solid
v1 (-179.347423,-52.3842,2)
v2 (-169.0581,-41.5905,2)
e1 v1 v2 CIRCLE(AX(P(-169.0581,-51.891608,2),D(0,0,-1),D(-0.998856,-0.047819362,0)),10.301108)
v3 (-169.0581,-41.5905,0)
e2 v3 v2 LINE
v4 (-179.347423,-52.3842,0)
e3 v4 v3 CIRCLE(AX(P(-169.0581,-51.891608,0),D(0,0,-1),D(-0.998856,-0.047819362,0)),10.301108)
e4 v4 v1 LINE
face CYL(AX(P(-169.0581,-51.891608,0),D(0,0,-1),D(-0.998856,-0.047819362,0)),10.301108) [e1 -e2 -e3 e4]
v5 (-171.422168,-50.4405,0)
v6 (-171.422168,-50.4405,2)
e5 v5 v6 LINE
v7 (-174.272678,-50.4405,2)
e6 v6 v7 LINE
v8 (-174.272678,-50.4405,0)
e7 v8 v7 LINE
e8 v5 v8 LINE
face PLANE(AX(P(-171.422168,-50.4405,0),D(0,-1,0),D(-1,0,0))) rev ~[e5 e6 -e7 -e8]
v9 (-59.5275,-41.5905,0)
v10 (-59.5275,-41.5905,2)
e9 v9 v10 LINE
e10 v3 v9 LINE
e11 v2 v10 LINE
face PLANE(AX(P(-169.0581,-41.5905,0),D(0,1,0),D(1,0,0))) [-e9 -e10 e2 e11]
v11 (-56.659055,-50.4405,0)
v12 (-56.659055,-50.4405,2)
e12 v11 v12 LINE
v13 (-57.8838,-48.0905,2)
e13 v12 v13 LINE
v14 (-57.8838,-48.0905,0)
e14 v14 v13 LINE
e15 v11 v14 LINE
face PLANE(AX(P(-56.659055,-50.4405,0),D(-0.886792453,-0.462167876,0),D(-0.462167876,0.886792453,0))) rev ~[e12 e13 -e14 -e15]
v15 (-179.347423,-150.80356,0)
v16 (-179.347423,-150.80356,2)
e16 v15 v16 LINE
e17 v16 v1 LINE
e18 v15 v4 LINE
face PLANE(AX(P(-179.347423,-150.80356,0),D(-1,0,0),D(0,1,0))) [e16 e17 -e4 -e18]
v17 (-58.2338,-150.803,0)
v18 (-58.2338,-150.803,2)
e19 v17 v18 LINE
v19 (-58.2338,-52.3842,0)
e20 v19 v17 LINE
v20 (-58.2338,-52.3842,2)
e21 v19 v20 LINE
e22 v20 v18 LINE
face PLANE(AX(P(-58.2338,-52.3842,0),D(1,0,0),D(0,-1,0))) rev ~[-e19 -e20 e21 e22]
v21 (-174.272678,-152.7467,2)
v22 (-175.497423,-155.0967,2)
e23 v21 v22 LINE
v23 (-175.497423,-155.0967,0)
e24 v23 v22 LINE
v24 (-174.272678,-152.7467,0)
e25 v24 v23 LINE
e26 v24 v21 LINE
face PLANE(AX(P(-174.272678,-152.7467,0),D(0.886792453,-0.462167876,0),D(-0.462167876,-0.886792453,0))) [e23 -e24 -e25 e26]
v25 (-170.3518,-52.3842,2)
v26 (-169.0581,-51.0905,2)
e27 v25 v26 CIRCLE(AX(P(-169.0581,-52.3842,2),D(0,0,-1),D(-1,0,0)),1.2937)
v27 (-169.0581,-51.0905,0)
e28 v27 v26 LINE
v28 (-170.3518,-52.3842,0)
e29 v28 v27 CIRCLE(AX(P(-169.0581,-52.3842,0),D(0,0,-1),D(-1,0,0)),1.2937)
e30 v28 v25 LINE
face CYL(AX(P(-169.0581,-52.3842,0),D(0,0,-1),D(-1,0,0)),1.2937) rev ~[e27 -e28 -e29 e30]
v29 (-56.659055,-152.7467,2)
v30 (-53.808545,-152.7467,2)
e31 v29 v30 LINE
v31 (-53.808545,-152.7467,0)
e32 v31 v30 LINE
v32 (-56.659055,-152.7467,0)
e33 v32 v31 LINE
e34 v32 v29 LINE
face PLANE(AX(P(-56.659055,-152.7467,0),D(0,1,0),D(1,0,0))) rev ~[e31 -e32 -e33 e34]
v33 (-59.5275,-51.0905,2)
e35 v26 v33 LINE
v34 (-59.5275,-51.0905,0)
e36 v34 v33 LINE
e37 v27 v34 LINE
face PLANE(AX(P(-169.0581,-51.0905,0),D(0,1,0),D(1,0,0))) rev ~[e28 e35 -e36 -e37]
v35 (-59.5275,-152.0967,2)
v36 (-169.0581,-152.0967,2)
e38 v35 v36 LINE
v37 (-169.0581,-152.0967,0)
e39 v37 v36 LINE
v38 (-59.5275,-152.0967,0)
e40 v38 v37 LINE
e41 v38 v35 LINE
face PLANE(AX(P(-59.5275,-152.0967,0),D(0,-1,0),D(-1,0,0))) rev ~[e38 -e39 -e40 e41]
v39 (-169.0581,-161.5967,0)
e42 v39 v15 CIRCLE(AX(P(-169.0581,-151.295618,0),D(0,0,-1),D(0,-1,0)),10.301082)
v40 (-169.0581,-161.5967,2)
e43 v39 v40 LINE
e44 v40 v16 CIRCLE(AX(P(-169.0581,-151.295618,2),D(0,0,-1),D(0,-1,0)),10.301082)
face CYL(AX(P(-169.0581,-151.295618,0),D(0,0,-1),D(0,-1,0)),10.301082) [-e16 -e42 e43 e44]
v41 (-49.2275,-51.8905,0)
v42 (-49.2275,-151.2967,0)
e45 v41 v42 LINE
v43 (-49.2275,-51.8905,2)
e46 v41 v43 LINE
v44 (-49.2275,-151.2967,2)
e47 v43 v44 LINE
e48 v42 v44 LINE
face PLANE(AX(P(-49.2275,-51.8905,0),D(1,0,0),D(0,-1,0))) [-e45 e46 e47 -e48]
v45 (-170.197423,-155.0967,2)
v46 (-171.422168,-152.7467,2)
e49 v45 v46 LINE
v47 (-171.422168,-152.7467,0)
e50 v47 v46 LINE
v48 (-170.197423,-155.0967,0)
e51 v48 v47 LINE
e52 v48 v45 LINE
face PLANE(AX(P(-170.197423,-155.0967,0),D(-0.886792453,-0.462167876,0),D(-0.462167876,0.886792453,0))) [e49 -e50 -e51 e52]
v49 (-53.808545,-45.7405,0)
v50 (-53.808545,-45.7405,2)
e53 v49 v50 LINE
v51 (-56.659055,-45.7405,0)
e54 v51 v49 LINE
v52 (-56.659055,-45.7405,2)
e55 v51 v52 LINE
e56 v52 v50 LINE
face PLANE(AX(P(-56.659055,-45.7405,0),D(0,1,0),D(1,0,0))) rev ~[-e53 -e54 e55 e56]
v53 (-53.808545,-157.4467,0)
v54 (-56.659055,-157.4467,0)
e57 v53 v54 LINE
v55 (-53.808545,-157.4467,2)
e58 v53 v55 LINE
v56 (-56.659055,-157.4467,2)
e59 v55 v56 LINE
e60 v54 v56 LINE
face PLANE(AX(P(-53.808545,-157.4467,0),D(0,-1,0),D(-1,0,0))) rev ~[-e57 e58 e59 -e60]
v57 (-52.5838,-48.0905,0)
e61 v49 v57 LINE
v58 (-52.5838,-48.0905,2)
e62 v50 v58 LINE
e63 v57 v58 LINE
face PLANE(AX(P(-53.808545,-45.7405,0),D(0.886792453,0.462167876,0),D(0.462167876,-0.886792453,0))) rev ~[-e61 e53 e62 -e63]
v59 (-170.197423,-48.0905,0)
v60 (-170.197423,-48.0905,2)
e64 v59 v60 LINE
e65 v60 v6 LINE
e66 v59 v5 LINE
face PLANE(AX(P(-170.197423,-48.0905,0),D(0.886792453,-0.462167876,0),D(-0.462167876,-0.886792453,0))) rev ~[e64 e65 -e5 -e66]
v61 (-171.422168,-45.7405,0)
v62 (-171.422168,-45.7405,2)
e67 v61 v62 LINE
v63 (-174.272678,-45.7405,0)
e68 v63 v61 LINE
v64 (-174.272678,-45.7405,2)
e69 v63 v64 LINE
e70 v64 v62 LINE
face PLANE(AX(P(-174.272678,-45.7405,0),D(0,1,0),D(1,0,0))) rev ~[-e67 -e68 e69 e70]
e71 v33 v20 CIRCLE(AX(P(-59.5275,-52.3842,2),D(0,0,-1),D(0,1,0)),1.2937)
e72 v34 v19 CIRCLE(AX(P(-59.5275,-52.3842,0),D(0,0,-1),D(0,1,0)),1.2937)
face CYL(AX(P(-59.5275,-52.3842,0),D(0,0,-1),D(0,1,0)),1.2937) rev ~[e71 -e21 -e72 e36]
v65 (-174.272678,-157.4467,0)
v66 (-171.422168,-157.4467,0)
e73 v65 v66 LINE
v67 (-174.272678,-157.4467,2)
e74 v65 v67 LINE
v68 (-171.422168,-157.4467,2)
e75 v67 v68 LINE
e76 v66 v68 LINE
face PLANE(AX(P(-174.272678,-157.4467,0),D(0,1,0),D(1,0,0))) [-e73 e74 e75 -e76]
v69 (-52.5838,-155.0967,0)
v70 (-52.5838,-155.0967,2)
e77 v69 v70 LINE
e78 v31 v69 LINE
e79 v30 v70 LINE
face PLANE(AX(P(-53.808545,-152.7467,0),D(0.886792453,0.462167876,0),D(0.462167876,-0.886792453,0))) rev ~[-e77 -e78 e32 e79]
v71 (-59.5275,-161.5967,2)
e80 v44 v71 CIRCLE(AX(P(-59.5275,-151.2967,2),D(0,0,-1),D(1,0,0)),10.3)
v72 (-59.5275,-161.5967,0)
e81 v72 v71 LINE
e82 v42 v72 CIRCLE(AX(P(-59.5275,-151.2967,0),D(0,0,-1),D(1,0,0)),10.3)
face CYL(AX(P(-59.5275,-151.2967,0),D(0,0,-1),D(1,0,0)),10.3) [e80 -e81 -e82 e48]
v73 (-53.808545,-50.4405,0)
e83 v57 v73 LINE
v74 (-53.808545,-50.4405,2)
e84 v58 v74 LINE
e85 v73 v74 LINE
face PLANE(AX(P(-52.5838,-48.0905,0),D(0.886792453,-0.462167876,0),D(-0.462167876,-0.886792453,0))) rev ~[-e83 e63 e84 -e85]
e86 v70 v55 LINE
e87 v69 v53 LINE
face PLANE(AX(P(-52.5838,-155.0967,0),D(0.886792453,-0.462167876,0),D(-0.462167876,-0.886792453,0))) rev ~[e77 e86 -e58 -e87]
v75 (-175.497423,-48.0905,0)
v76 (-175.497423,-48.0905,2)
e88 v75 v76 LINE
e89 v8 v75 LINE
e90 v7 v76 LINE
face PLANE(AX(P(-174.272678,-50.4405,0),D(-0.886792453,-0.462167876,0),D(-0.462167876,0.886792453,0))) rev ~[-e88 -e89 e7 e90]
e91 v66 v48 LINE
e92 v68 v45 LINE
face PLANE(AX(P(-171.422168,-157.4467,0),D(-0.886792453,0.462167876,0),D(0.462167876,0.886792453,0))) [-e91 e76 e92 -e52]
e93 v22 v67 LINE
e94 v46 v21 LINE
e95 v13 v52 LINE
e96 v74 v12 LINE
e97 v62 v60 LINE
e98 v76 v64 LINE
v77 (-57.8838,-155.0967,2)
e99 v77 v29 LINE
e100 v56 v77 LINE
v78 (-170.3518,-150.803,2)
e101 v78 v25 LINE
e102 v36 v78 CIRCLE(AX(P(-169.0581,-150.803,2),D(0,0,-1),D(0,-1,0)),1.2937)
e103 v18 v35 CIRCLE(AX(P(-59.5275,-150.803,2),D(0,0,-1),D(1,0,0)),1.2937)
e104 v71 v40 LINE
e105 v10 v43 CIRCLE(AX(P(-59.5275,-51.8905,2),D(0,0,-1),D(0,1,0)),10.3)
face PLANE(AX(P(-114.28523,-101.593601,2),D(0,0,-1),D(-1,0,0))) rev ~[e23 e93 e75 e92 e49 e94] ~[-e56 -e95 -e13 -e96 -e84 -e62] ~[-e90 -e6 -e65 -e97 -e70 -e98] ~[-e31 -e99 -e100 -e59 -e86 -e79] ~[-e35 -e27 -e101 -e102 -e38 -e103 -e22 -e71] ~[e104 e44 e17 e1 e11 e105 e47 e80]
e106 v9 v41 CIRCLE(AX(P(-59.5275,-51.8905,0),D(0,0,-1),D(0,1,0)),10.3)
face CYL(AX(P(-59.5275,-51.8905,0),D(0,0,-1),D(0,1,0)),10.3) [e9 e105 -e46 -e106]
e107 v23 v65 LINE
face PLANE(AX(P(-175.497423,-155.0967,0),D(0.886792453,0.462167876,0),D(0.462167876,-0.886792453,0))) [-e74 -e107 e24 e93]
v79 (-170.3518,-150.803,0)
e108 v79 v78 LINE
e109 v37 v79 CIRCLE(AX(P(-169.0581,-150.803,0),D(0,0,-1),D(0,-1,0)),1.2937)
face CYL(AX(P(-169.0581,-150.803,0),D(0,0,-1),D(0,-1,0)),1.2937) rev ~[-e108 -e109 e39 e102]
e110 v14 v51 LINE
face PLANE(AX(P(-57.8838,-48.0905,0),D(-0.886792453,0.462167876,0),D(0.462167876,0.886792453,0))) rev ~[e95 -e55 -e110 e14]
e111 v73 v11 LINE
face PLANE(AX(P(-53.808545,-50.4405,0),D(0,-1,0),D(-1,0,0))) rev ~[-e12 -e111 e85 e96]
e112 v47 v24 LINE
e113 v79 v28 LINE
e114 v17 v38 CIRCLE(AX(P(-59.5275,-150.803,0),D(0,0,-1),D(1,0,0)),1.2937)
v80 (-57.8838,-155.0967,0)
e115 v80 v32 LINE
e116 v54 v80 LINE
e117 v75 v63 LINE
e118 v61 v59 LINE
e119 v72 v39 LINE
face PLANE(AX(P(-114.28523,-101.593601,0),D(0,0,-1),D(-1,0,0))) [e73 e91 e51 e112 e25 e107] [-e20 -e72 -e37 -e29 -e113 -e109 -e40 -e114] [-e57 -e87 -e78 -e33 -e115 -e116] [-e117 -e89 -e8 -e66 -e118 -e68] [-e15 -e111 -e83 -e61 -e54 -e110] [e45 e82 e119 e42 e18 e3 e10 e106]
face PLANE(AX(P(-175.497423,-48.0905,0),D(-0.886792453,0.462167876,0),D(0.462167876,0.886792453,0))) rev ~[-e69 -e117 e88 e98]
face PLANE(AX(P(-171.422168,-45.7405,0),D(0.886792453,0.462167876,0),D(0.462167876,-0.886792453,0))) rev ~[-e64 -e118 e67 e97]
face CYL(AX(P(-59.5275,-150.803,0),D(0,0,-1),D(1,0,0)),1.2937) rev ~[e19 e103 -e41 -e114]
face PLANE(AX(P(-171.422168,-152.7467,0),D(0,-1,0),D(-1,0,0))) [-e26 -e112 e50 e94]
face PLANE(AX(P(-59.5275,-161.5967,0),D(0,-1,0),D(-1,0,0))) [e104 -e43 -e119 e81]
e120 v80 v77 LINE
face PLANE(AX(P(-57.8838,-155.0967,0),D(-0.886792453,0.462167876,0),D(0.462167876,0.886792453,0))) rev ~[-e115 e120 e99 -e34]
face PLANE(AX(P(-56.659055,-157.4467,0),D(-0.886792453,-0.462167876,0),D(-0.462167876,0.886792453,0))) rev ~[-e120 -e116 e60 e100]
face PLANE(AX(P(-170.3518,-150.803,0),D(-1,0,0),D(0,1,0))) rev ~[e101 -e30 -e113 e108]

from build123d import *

# Parameters (mm, degrees)
AUFSATZ_LINEAR_AUSTRAGEN1_DEPTH = 2


with BuildPart() as part:
    # Skizze1 → Aufsatz-Linear austragen1 (new body)
    with BuildSketch(Plane.XY):
        with BuildLine():
            Line((-49.2275, -51.8905), (-49.2275, -151.2967))
            ThreePointArc((-49.2275, -151.2967), (-52.244300154, -158.579899846), (-59.5275, -161.5967))
            Line((-59.5275, -161.5967), (-169.0581, -161.5967))
            ThreePointArc((-169.0581, -161.5967), (-176.514004305, -158.403485592), (-179.34742314, -150.803560266))
            Line((-179.34742314, -150.803560266), (-179.34742314, -52.3842))
            ThreePointArc((-179.34742314, -52.3842), (-176.514207067, -44.783915623), (-169.0581, -41.5905))
            Line((-169.0581, -41.5905), (-59.5275, -41.5905))
            ThreePointArc((-59.5275, -41.5905), (-52.244300154, -44.607300154), (-49.2275, -51.8905))
        make_face()
        with BuildLine():
            Line((-59.5275, -152.0967), (-169.0581, -152.0967))
            ThreePointArc((-169.0581, -152.0967), (-169.972884043, -151.717784043), (-170.3518, -150.803))
            Line((-170.3518, -150.803), (-170.3518, -52.3842))
            ThreePointArc((-170.3518, -52.3842), (-169.972884043, -51.469415957), (-169.0581, -51.0905))
            Line((-169.0581, -51.0905), (-59.5275, -51.0905))
            ThreePointArc((-59.5275, -51.0905), (-58.612715957, -51.469415957), (-58.2338, -52.3842))
            Line((-58.2338, -52.3842), (-58.2338, -150.803))
            ThreePointArc((-58.2338, -150.803), (-58.612715957, -151.717784043), (-59.5275, -152.0967))
        make_face(mode=Mode.SUBTRACT)
        Polygon((-57.8838, -155.0967), (-56.659055129, -152.7467), (-53.808544871, -152.7467), (-52.5838, -155.0967), (-53.808544871, -157.4467), (-56.659055129, -157.4467), align=None, mode=Mode.SUBTRACT)
        Polygon((-171.422168012, -157.4467), (-170.19742314, -155.0967), (-171.422168012, -152.7467), (-174.272678269, -152.7467), (-175.49742314, -155.0967), (-174.272678269, -157.4467), align=None, mode=Mode.SUBTRACT)
        Polygon((-175.49742314, -48.0905), (-174.272678269, -45.7405), (-171.422168012, -45.7405), (-170.19742314, -48.0905), (-171.422168012, -50.4405), (-174.272678269, -50.4405), align=None, mode=Mode.SUBTRACT)
        Polygon((-57.8838, -48.0905), (-56.659055129, -45.7405), (-53.808544871, -45.7405), (-52.5838, -48.0905), (-53.808544871, -50.4405), (-56.659055129, -50.4405), align=None, mode=Mode.SUBTRACT)
    extrude(amount=AUFSATZ_LINEAR_AUSTRAGEN1_DEPTH)


solid = part.part
